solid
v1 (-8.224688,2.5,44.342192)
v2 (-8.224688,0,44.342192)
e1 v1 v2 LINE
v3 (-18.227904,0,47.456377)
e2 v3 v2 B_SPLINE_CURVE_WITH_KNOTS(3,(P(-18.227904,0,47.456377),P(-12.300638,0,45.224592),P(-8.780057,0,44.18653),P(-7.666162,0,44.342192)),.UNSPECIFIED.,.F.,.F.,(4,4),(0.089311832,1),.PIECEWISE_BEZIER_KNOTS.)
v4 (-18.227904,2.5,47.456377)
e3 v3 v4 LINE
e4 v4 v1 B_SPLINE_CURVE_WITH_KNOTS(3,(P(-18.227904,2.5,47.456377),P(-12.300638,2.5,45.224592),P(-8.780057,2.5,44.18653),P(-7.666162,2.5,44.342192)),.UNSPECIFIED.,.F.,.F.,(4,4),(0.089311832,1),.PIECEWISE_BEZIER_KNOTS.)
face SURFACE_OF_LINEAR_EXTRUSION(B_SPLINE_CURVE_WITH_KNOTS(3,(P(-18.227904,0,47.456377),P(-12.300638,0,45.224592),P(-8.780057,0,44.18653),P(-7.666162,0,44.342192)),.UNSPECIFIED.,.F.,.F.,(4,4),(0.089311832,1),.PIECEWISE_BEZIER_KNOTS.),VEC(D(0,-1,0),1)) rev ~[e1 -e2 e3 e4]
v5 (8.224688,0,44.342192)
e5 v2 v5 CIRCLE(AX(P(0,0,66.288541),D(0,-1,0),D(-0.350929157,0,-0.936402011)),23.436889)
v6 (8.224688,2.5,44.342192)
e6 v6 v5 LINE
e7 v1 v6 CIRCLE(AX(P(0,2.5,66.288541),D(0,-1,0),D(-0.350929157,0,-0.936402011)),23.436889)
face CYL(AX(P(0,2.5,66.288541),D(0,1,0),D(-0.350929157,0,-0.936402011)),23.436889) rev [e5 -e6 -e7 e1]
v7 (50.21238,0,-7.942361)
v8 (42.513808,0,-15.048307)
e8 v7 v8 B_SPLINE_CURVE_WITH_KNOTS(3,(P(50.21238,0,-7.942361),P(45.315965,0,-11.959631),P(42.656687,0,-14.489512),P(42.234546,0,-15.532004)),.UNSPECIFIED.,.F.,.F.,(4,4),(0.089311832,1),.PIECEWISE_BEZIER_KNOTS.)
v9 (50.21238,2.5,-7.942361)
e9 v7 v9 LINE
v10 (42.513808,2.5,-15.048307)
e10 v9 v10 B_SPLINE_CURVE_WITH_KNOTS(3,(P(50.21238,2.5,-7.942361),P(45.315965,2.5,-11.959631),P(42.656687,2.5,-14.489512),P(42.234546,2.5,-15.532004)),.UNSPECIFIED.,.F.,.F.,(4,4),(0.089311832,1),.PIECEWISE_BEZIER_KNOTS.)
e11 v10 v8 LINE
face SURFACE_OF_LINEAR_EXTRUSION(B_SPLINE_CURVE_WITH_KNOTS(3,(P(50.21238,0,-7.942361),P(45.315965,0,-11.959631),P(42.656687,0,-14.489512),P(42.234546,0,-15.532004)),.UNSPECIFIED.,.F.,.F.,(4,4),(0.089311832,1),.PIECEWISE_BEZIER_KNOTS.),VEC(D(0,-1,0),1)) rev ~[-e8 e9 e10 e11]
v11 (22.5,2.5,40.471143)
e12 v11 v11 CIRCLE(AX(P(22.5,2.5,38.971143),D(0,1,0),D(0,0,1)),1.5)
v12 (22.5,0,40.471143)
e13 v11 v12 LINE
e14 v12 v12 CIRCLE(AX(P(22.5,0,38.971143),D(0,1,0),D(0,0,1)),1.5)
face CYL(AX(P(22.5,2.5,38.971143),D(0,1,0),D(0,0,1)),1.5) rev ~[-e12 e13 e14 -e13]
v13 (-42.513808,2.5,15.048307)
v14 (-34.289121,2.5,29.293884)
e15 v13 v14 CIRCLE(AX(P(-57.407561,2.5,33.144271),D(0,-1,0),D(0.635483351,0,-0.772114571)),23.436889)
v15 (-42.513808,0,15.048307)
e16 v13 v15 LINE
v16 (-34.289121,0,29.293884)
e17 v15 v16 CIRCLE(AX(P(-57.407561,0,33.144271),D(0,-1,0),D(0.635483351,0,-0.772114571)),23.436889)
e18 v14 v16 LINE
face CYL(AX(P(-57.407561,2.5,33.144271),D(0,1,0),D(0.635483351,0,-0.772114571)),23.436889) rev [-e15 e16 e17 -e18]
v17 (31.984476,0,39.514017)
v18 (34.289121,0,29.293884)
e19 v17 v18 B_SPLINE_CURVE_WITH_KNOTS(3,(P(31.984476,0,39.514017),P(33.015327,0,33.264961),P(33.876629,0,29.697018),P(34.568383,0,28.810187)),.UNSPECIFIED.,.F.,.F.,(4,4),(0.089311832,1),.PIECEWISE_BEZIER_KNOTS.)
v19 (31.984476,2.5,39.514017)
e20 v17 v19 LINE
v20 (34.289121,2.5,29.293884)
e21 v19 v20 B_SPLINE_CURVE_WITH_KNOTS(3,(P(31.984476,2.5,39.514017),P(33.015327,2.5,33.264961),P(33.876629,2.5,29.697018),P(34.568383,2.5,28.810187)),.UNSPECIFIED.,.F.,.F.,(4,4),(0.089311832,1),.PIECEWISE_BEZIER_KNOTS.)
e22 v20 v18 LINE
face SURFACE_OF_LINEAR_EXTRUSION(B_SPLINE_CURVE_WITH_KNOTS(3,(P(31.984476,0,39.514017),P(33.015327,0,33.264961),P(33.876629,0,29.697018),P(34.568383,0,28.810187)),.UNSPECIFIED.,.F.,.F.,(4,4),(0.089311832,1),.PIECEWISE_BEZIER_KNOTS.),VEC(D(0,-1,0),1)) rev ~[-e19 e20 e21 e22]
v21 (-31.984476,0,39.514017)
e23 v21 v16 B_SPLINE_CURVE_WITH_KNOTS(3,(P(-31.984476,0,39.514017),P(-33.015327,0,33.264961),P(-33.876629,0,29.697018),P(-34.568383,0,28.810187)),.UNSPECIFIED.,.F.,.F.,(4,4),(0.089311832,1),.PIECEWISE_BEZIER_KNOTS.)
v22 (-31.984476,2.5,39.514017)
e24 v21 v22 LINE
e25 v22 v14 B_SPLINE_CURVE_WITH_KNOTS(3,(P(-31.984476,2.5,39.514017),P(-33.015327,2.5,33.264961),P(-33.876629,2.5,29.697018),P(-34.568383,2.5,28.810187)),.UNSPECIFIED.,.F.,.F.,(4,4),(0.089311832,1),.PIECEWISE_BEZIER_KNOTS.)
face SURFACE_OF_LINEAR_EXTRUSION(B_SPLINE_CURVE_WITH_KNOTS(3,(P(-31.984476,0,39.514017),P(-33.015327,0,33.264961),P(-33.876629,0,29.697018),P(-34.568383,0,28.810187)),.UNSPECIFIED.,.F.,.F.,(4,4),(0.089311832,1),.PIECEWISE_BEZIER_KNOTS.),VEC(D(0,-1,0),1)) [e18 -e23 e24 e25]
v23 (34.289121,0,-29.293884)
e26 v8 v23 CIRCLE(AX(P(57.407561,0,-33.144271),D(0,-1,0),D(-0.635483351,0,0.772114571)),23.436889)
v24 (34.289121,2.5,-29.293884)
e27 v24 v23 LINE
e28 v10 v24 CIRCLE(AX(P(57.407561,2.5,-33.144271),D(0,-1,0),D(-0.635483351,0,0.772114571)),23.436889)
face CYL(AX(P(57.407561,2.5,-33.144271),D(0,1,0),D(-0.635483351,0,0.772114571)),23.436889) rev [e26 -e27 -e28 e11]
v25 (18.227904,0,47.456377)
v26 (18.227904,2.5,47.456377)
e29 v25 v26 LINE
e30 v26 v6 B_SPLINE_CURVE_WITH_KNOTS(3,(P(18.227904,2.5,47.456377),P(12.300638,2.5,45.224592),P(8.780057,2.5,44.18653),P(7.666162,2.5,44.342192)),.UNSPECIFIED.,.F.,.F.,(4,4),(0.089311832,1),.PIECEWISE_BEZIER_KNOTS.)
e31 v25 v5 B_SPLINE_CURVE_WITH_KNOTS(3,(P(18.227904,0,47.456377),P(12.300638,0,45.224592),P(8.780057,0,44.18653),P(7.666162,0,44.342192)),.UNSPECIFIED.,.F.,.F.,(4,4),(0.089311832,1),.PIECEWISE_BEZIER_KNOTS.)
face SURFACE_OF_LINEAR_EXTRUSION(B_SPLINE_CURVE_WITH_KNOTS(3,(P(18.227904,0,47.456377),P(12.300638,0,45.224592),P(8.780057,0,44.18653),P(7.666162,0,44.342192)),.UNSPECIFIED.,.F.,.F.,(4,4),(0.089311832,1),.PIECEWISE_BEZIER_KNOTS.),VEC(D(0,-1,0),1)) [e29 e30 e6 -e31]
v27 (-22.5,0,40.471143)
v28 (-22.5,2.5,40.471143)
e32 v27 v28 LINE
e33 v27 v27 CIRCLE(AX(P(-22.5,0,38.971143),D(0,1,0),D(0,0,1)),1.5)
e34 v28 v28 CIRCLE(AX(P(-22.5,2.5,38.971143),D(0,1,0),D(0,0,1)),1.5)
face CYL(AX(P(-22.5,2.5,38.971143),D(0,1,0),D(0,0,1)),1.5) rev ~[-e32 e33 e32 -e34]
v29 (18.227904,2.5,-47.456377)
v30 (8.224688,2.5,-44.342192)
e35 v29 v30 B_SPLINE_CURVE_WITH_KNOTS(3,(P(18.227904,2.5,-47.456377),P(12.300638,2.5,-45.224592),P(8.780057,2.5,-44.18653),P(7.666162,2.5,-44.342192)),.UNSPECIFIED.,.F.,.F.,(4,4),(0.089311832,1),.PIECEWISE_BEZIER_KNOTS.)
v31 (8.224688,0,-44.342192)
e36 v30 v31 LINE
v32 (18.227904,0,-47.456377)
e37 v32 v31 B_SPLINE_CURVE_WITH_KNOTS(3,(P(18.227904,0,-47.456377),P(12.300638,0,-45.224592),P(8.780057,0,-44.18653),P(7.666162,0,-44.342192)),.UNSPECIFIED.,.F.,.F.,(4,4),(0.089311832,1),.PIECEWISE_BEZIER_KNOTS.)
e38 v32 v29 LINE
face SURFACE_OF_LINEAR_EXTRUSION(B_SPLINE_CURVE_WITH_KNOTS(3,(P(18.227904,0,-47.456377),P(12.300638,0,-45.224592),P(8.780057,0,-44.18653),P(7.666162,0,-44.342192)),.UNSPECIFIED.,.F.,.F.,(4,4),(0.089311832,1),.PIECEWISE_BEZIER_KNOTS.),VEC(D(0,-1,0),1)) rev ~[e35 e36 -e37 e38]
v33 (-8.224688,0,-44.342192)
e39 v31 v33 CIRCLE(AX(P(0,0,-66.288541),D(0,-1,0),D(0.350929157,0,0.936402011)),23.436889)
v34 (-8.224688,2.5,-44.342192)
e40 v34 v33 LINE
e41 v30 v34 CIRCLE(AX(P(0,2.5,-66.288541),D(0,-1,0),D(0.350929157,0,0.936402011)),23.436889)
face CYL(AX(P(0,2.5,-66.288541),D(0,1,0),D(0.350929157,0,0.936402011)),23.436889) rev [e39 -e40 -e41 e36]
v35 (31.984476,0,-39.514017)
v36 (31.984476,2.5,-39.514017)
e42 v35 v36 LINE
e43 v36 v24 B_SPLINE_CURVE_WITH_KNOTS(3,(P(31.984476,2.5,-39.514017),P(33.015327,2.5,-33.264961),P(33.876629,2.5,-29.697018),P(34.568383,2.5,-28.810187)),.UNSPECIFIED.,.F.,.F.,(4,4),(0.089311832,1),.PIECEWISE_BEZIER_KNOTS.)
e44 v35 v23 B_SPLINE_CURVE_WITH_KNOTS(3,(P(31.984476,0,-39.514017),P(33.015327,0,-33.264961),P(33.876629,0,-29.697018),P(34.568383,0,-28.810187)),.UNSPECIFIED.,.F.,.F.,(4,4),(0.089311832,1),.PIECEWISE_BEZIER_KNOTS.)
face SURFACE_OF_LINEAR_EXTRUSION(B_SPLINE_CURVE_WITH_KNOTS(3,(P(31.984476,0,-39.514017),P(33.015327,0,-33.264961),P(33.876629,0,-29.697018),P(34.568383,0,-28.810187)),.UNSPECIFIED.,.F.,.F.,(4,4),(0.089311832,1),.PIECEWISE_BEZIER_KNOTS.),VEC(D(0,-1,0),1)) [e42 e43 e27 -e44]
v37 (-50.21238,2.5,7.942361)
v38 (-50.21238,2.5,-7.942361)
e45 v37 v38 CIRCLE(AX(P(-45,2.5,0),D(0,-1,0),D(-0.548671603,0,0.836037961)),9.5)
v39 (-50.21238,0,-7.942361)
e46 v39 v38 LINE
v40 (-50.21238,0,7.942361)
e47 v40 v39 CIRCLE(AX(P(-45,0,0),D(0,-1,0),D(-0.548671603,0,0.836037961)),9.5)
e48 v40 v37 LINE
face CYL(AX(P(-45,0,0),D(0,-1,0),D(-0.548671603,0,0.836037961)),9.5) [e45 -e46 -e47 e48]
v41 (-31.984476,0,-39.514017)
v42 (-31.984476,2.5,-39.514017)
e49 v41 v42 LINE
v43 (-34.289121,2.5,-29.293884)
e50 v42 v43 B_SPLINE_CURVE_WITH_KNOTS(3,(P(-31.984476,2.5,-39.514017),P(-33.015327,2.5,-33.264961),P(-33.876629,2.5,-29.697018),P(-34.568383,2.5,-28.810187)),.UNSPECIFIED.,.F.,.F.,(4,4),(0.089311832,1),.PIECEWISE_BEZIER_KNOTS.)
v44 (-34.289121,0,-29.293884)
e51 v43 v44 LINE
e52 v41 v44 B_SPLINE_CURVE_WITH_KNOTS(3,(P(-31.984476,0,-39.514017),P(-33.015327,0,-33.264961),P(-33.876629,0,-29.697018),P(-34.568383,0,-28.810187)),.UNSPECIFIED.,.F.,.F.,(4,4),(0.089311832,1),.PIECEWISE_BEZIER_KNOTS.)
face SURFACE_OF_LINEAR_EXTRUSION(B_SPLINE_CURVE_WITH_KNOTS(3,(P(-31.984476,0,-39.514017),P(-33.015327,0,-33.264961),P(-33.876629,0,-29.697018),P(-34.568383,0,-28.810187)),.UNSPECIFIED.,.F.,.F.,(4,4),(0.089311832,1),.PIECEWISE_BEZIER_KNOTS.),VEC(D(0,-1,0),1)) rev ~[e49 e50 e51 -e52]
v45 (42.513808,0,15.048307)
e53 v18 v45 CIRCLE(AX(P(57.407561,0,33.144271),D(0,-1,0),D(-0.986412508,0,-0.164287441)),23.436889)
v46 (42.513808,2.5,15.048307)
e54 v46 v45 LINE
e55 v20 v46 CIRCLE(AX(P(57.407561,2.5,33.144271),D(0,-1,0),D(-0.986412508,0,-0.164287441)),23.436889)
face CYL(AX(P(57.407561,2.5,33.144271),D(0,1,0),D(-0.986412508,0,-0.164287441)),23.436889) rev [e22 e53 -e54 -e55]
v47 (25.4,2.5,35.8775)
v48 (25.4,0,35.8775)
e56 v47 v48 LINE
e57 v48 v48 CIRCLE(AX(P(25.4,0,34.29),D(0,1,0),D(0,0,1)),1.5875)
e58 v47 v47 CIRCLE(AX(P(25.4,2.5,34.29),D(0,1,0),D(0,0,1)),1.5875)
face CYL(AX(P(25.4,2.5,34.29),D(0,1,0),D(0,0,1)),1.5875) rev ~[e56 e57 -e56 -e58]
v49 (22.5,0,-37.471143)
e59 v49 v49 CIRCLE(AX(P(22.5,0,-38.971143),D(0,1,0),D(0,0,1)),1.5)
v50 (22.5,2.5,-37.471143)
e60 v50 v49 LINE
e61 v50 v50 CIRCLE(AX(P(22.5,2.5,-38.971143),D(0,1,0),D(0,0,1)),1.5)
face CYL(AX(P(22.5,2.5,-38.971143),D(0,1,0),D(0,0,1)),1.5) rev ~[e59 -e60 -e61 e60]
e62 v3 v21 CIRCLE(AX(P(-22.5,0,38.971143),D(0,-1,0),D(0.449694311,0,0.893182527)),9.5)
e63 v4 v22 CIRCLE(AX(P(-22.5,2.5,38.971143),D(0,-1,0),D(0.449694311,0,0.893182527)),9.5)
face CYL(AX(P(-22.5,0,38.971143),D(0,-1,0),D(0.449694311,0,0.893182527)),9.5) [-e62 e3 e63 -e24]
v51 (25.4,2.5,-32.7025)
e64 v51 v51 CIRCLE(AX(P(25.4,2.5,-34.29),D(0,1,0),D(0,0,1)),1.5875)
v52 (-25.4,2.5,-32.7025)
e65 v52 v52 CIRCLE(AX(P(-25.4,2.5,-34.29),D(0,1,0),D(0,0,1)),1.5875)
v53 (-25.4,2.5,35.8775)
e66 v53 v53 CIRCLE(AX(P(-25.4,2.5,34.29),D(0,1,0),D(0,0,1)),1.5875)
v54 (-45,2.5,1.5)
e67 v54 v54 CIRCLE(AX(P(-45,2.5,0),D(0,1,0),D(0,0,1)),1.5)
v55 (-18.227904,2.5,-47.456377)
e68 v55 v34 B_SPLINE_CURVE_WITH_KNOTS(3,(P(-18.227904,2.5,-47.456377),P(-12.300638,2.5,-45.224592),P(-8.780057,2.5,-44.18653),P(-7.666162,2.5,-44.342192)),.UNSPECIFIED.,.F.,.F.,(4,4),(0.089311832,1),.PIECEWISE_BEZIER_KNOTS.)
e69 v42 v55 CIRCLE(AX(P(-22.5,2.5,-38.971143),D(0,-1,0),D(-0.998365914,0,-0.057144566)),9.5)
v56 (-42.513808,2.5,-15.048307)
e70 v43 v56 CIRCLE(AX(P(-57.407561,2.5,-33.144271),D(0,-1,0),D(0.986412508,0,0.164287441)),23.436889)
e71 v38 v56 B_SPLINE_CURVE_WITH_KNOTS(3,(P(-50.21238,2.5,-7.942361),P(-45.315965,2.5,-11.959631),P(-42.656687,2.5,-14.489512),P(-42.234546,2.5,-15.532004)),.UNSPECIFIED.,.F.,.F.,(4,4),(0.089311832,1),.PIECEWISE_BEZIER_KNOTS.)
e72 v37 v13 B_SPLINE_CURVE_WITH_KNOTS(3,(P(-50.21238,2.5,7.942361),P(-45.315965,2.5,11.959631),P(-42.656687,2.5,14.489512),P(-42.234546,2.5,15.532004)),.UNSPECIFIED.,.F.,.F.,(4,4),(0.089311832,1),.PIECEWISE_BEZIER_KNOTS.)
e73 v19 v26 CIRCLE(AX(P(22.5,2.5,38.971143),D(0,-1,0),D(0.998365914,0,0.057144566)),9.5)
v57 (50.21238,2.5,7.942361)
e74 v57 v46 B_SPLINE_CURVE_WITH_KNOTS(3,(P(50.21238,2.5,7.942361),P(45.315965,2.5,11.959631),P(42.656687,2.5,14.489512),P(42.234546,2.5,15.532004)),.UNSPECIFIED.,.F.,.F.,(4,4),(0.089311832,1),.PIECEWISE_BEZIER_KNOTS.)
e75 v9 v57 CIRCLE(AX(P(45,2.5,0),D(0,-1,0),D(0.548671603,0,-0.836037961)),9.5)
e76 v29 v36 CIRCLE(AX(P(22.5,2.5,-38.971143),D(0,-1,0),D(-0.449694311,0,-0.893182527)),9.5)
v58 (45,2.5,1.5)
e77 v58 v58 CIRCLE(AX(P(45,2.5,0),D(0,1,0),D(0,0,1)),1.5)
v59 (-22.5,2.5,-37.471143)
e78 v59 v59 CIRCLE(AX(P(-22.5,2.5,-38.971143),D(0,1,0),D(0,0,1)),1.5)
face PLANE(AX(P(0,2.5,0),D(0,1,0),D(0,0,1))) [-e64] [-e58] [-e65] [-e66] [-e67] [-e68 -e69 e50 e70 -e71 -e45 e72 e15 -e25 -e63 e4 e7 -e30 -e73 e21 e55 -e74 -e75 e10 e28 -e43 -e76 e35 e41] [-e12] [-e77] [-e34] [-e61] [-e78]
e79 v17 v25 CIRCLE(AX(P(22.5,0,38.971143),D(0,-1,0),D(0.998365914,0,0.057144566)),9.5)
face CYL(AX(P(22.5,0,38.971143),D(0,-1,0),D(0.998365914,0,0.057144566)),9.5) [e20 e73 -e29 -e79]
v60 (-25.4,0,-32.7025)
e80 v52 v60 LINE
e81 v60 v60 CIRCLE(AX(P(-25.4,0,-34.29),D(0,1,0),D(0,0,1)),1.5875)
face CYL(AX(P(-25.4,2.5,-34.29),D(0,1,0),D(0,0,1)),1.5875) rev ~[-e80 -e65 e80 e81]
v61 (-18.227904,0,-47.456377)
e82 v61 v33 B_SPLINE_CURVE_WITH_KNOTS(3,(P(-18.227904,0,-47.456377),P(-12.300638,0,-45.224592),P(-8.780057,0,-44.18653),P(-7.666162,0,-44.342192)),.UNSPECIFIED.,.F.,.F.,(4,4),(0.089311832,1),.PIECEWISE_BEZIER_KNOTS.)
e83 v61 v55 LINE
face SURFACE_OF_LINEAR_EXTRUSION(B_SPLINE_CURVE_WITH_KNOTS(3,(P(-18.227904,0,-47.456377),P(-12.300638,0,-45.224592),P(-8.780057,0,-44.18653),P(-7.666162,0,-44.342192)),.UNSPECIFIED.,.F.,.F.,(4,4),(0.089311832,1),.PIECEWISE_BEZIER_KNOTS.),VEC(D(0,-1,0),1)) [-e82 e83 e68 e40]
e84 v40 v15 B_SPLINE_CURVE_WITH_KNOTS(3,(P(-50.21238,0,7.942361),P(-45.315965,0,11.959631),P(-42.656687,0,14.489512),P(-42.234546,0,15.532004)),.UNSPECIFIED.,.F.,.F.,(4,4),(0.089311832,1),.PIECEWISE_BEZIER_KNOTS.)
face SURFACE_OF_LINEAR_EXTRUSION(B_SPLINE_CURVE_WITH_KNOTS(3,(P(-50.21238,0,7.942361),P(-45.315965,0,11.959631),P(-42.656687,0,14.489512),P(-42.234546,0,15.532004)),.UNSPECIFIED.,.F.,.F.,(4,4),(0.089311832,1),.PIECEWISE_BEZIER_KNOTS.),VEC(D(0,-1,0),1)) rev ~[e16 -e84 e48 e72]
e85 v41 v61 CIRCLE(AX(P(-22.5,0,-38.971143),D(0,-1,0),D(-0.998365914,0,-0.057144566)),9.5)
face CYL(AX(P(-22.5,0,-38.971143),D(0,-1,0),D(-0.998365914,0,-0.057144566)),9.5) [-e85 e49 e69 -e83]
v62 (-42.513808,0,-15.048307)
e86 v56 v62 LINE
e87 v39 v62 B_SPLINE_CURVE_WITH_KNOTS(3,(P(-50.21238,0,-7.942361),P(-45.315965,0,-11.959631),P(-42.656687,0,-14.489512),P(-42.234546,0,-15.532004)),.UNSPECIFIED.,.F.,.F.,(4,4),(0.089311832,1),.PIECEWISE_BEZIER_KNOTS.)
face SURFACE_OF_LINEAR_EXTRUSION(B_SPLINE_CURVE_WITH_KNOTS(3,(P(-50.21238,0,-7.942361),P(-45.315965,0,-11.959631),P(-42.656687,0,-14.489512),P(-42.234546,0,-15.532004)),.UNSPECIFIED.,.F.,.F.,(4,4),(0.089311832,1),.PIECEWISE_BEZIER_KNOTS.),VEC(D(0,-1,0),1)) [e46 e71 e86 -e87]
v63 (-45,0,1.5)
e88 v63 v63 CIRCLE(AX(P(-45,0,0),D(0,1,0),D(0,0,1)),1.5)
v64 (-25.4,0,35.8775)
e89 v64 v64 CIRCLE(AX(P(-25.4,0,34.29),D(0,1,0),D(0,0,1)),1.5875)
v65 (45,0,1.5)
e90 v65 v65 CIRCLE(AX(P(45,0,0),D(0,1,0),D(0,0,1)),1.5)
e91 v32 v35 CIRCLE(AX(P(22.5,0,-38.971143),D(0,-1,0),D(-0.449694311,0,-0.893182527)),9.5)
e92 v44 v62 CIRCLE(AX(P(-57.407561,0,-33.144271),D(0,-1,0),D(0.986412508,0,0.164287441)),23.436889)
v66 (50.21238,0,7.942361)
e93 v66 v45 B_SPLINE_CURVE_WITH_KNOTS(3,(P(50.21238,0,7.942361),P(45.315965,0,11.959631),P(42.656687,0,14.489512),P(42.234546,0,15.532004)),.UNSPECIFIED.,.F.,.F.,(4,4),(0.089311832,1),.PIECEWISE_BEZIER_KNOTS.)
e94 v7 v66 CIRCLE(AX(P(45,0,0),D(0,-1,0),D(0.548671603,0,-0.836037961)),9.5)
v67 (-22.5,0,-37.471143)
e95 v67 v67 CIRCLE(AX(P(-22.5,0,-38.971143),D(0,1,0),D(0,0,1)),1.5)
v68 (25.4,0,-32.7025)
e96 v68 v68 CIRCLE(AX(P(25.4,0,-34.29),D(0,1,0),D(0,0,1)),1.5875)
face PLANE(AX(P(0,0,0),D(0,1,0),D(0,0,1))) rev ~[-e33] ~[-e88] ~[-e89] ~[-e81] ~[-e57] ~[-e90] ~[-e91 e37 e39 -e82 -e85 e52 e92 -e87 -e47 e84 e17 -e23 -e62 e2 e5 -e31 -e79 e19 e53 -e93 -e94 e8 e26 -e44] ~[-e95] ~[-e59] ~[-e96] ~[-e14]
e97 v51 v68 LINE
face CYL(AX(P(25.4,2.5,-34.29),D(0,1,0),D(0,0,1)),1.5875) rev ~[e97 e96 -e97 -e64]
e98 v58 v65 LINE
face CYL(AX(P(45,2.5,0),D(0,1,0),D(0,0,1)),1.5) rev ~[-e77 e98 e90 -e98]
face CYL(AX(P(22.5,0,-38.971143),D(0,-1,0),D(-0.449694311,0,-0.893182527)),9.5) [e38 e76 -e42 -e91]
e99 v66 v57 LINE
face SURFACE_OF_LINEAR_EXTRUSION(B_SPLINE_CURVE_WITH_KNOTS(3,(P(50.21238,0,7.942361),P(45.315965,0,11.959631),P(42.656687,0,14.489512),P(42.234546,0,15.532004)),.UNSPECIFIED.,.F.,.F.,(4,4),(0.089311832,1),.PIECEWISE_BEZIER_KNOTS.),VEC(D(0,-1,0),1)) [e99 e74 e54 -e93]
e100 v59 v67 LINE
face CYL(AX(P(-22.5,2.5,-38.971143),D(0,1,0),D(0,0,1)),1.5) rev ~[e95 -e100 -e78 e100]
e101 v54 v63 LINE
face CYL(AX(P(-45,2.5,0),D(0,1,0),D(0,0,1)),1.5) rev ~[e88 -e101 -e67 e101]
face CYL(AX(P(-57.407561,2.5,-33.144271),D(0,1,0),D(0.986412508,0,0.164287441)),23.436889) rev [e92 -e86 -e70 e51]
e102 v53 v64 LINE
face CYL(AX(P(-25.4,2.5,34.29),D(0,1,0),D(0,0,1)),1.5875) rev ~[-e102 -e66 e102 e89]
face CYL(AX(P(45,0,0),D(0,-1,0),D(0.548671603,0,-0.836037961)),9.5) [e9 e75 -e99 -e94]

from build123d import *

# Parameters (mm, degrees)
SKETCH1_R           = 45
BOSS_EXTRUDE2_DEPTH = 2.5
BOSS_EXTRUDE4_START = -2.5
BOSS_EXTRUDE4_DEPTH = 2.5
CIRPATTERN1_COUNT   = 6
CUT_EXTRUDE2_DEPTH  = 2.5
SKETCH6_R           = 1.5
CUT_EXTRUDE3_DEPTH  = 5
SKETCH7_R           = 1.5875
CUT_EXTRUDE4_DEPTH  = 2.5


with BuildPart() as part:
    # Sketch1 → Boss-Extrude2 (new body)
    with BuildSketch(Plane(origin=(0, 0, 0), x_dir=(1, 0, 0), z_dir=(0, 1, 0))):
        with Locations(Location((0, 0, 0), (0, 0, 270))):
            Circle(SKETCH1_R)
    extrude(amount=BOSS_EXTRUDE2_DEPTH)

    # Sketch2 → Boss-Extrude4 (add)
    with BuildSketch(Plane(origin=(0, 2.5, 0), x_dir=(1, 0, 0), z_dir=(0, 1, 0)).offset(BOSS_EXTRUDE4_START)):
        with BuildLine():
            ThreePointArc((-42.23454554, 15.532004475), (-45, 0), (-42.23454554, -15.532004475))
            add(Edge.make_bspline(
                [(-50.212380227, -7.942360629), (-45.3159648, -11.95963121), (-42.656686571, -14.489512492), (-42.23454554, -15.532004475)],
                knots=[0.089311832, 0.089311832, 0.089311832, 0.089311832, 1, 1, 1, 1], degree=3))
            ThreePointArc((-50.212380227, -7.942360629), (-54.5, 0), (-50.212380227, 7.942360629))
            add(Edge.make_bspline(
                [(-50.212380227, 7.942360629), (-45.3159648, 11.95963121), (-42.656686571, 14.489512492), (-42.23454554, 15.532004475)],
                knots=[0.089311832, 0.089311832, 0.089311832, 0.089311832, 1, 1, 1, 1], degree=3))
        make_face()
    boss_extrude4 = extrude(amount=BOSS_EXTRUDE4_DEPTH)

    # CirPattern1: Boss-Extrude4 ×6 about axis
    cirpattern1_axis = Axis((0, 2.5, 0), (0, 1, 0))
    for i in range(1, CIRPATTERN1_COUNT):
        add(boss_extrude4.rotate(cirpattern1_axis, i * 360 / CIRPATTERN1_COUNT))

    # Sketch5 → Cut-Extrude2 (cut)
    with BuildSketch(Plane(origin=(0, 2.5, 0), x_dir=(1, 0, 0), z_dir=(0, 1, 0))):
        with BuildLine():
            Line((-8.22468756, 44.342191593), (0, 46.65782144))
            Line((0, 46.65782144), (8.22468756, 44.342191593))
            ThreePointArc((8.22468756, 44.342191593), (0, 42.851652617), (-8.22468756, 44.342191593))
        make_face()
        with BuildLine():
            Line((40.406858652, 23.32891072), (42.513808159, 15.048307431))
            ThreePointArc((42.513808159, 15.048307431), (37.11061976, 21.425826308), (34.289120599, 29.293884161))
            Line((34.289120599, 29.293884161), (40.406858652, 23.32891072))
        make_face()
        with BuildLine():
            Line((40.406858652, -23.32891072), (34.289120599, -29.293884161))
            ThreePointArc((34.289120599, -29.293884161), (37.11061976, -21.425826308), (42.513808159, -15.048307431))
            Line((42.513808159, -15.048307431), (40.406858652, -23.32891072))
        make_face()
        with BuildLine():
            Line((0, -46.65782144), (-8.22468756, -44.342191593))
            ThreePointArc((-8.22468756, -44.342191593), (0, -42.851652617), (8.22468756, -44.342191593))
            Line((8.22468756, -44.342191593), (0, -46.65782144))
        make_face()
        with BuildLine():
            Line((-40.406858652, -23.32891072), (-42.513808159, -15.048307431))
            ThreePointArc((-42.513808159, -15.048307431), (-37.11061976, -21.425826308), (-34.289120599, -29.293884161))
            Line((-34.289120599, -29.293884161), (-40.406858652, -23.32891072))
        make_face()
        with BuildLine():
            Line((-40.406858652, 23.32891072), (-34.289120599, 29.293884161))
            ThreePointArc((-34.289120599, 29.293884161), (-37.11061976, 21.425826308), (-42.513808159, 15.048307431))
            Line((-42.513808159, 15.048307431), (-40.406858652, 23.32891072))
        make_face()
    extrude(amount=-CUT_EXTRUDE2_DEPTH, mode=Mode.SUBTRACT)

    # Sketch6 → Cut-Extrude3 (cut, symmetric)
    with BuildSketch(Plane(origin=(0, 2.5, 0), x_dir=(1, 0, 0), z_dir=(0, 1, 0))):
        with Locations(Location((-45, 0, 0), (0, 0, 270))):
            Circle(SKETCH6_R)
        with Locations(Location((-22.5, 38.97114317, 0), (0, 0, 270))):
            Circle(SKETCH6_R)
        with Locations(Location((22.5, 38.97114317, 0), (0, 0, 270))):
            Circle(SKETCH6_R)
        with Locations(Location((45, 0, 0), (0, 0, 270))):
            Circle(SKETCH6_R)
        with Locations(Location((22.5, -38.97114317, 0), (0, 0, 270))):
            Circle(SKETCH6_R)
        with Locations(Location((-22.5, -38.97114317, 0), (0, 0, 270))):
            Circle(SKETCH6_R)
    extrude(amount=CUT_EXTRUDE3_DEPTH, both=True, mode=Mode.SUBTRACT)

    # Sketch7 → Cut-Extrude4 (cut)
    with BuildSketch(Plane(origin=(0, 2.5, 0), x_dir=(1, 0, 0), z_dir=(0, 1, 0))):
        with Locations(Location((-25.4, 34.29, 0), (0, 0, 270))):
            Circle(SKETCH7_R)
        with Locations(Location((-25.4, -34.29, 0), (0, 0, 270))):
            Circle(SKETCH7_R)
        with Locations(Location((25.4, -34.29, 0), (0, 0, 270))):
            Circle(SKETCH7_R)
        with Locations(Location((25.4, 34.29, 0), (0, 0, 270))):
            Circle(SKETCH7_R)
    extrude(amount=-CUT_EXTRUDE4_DEPTH, mode=Mode.SUBTRACT)


solid = part.part
